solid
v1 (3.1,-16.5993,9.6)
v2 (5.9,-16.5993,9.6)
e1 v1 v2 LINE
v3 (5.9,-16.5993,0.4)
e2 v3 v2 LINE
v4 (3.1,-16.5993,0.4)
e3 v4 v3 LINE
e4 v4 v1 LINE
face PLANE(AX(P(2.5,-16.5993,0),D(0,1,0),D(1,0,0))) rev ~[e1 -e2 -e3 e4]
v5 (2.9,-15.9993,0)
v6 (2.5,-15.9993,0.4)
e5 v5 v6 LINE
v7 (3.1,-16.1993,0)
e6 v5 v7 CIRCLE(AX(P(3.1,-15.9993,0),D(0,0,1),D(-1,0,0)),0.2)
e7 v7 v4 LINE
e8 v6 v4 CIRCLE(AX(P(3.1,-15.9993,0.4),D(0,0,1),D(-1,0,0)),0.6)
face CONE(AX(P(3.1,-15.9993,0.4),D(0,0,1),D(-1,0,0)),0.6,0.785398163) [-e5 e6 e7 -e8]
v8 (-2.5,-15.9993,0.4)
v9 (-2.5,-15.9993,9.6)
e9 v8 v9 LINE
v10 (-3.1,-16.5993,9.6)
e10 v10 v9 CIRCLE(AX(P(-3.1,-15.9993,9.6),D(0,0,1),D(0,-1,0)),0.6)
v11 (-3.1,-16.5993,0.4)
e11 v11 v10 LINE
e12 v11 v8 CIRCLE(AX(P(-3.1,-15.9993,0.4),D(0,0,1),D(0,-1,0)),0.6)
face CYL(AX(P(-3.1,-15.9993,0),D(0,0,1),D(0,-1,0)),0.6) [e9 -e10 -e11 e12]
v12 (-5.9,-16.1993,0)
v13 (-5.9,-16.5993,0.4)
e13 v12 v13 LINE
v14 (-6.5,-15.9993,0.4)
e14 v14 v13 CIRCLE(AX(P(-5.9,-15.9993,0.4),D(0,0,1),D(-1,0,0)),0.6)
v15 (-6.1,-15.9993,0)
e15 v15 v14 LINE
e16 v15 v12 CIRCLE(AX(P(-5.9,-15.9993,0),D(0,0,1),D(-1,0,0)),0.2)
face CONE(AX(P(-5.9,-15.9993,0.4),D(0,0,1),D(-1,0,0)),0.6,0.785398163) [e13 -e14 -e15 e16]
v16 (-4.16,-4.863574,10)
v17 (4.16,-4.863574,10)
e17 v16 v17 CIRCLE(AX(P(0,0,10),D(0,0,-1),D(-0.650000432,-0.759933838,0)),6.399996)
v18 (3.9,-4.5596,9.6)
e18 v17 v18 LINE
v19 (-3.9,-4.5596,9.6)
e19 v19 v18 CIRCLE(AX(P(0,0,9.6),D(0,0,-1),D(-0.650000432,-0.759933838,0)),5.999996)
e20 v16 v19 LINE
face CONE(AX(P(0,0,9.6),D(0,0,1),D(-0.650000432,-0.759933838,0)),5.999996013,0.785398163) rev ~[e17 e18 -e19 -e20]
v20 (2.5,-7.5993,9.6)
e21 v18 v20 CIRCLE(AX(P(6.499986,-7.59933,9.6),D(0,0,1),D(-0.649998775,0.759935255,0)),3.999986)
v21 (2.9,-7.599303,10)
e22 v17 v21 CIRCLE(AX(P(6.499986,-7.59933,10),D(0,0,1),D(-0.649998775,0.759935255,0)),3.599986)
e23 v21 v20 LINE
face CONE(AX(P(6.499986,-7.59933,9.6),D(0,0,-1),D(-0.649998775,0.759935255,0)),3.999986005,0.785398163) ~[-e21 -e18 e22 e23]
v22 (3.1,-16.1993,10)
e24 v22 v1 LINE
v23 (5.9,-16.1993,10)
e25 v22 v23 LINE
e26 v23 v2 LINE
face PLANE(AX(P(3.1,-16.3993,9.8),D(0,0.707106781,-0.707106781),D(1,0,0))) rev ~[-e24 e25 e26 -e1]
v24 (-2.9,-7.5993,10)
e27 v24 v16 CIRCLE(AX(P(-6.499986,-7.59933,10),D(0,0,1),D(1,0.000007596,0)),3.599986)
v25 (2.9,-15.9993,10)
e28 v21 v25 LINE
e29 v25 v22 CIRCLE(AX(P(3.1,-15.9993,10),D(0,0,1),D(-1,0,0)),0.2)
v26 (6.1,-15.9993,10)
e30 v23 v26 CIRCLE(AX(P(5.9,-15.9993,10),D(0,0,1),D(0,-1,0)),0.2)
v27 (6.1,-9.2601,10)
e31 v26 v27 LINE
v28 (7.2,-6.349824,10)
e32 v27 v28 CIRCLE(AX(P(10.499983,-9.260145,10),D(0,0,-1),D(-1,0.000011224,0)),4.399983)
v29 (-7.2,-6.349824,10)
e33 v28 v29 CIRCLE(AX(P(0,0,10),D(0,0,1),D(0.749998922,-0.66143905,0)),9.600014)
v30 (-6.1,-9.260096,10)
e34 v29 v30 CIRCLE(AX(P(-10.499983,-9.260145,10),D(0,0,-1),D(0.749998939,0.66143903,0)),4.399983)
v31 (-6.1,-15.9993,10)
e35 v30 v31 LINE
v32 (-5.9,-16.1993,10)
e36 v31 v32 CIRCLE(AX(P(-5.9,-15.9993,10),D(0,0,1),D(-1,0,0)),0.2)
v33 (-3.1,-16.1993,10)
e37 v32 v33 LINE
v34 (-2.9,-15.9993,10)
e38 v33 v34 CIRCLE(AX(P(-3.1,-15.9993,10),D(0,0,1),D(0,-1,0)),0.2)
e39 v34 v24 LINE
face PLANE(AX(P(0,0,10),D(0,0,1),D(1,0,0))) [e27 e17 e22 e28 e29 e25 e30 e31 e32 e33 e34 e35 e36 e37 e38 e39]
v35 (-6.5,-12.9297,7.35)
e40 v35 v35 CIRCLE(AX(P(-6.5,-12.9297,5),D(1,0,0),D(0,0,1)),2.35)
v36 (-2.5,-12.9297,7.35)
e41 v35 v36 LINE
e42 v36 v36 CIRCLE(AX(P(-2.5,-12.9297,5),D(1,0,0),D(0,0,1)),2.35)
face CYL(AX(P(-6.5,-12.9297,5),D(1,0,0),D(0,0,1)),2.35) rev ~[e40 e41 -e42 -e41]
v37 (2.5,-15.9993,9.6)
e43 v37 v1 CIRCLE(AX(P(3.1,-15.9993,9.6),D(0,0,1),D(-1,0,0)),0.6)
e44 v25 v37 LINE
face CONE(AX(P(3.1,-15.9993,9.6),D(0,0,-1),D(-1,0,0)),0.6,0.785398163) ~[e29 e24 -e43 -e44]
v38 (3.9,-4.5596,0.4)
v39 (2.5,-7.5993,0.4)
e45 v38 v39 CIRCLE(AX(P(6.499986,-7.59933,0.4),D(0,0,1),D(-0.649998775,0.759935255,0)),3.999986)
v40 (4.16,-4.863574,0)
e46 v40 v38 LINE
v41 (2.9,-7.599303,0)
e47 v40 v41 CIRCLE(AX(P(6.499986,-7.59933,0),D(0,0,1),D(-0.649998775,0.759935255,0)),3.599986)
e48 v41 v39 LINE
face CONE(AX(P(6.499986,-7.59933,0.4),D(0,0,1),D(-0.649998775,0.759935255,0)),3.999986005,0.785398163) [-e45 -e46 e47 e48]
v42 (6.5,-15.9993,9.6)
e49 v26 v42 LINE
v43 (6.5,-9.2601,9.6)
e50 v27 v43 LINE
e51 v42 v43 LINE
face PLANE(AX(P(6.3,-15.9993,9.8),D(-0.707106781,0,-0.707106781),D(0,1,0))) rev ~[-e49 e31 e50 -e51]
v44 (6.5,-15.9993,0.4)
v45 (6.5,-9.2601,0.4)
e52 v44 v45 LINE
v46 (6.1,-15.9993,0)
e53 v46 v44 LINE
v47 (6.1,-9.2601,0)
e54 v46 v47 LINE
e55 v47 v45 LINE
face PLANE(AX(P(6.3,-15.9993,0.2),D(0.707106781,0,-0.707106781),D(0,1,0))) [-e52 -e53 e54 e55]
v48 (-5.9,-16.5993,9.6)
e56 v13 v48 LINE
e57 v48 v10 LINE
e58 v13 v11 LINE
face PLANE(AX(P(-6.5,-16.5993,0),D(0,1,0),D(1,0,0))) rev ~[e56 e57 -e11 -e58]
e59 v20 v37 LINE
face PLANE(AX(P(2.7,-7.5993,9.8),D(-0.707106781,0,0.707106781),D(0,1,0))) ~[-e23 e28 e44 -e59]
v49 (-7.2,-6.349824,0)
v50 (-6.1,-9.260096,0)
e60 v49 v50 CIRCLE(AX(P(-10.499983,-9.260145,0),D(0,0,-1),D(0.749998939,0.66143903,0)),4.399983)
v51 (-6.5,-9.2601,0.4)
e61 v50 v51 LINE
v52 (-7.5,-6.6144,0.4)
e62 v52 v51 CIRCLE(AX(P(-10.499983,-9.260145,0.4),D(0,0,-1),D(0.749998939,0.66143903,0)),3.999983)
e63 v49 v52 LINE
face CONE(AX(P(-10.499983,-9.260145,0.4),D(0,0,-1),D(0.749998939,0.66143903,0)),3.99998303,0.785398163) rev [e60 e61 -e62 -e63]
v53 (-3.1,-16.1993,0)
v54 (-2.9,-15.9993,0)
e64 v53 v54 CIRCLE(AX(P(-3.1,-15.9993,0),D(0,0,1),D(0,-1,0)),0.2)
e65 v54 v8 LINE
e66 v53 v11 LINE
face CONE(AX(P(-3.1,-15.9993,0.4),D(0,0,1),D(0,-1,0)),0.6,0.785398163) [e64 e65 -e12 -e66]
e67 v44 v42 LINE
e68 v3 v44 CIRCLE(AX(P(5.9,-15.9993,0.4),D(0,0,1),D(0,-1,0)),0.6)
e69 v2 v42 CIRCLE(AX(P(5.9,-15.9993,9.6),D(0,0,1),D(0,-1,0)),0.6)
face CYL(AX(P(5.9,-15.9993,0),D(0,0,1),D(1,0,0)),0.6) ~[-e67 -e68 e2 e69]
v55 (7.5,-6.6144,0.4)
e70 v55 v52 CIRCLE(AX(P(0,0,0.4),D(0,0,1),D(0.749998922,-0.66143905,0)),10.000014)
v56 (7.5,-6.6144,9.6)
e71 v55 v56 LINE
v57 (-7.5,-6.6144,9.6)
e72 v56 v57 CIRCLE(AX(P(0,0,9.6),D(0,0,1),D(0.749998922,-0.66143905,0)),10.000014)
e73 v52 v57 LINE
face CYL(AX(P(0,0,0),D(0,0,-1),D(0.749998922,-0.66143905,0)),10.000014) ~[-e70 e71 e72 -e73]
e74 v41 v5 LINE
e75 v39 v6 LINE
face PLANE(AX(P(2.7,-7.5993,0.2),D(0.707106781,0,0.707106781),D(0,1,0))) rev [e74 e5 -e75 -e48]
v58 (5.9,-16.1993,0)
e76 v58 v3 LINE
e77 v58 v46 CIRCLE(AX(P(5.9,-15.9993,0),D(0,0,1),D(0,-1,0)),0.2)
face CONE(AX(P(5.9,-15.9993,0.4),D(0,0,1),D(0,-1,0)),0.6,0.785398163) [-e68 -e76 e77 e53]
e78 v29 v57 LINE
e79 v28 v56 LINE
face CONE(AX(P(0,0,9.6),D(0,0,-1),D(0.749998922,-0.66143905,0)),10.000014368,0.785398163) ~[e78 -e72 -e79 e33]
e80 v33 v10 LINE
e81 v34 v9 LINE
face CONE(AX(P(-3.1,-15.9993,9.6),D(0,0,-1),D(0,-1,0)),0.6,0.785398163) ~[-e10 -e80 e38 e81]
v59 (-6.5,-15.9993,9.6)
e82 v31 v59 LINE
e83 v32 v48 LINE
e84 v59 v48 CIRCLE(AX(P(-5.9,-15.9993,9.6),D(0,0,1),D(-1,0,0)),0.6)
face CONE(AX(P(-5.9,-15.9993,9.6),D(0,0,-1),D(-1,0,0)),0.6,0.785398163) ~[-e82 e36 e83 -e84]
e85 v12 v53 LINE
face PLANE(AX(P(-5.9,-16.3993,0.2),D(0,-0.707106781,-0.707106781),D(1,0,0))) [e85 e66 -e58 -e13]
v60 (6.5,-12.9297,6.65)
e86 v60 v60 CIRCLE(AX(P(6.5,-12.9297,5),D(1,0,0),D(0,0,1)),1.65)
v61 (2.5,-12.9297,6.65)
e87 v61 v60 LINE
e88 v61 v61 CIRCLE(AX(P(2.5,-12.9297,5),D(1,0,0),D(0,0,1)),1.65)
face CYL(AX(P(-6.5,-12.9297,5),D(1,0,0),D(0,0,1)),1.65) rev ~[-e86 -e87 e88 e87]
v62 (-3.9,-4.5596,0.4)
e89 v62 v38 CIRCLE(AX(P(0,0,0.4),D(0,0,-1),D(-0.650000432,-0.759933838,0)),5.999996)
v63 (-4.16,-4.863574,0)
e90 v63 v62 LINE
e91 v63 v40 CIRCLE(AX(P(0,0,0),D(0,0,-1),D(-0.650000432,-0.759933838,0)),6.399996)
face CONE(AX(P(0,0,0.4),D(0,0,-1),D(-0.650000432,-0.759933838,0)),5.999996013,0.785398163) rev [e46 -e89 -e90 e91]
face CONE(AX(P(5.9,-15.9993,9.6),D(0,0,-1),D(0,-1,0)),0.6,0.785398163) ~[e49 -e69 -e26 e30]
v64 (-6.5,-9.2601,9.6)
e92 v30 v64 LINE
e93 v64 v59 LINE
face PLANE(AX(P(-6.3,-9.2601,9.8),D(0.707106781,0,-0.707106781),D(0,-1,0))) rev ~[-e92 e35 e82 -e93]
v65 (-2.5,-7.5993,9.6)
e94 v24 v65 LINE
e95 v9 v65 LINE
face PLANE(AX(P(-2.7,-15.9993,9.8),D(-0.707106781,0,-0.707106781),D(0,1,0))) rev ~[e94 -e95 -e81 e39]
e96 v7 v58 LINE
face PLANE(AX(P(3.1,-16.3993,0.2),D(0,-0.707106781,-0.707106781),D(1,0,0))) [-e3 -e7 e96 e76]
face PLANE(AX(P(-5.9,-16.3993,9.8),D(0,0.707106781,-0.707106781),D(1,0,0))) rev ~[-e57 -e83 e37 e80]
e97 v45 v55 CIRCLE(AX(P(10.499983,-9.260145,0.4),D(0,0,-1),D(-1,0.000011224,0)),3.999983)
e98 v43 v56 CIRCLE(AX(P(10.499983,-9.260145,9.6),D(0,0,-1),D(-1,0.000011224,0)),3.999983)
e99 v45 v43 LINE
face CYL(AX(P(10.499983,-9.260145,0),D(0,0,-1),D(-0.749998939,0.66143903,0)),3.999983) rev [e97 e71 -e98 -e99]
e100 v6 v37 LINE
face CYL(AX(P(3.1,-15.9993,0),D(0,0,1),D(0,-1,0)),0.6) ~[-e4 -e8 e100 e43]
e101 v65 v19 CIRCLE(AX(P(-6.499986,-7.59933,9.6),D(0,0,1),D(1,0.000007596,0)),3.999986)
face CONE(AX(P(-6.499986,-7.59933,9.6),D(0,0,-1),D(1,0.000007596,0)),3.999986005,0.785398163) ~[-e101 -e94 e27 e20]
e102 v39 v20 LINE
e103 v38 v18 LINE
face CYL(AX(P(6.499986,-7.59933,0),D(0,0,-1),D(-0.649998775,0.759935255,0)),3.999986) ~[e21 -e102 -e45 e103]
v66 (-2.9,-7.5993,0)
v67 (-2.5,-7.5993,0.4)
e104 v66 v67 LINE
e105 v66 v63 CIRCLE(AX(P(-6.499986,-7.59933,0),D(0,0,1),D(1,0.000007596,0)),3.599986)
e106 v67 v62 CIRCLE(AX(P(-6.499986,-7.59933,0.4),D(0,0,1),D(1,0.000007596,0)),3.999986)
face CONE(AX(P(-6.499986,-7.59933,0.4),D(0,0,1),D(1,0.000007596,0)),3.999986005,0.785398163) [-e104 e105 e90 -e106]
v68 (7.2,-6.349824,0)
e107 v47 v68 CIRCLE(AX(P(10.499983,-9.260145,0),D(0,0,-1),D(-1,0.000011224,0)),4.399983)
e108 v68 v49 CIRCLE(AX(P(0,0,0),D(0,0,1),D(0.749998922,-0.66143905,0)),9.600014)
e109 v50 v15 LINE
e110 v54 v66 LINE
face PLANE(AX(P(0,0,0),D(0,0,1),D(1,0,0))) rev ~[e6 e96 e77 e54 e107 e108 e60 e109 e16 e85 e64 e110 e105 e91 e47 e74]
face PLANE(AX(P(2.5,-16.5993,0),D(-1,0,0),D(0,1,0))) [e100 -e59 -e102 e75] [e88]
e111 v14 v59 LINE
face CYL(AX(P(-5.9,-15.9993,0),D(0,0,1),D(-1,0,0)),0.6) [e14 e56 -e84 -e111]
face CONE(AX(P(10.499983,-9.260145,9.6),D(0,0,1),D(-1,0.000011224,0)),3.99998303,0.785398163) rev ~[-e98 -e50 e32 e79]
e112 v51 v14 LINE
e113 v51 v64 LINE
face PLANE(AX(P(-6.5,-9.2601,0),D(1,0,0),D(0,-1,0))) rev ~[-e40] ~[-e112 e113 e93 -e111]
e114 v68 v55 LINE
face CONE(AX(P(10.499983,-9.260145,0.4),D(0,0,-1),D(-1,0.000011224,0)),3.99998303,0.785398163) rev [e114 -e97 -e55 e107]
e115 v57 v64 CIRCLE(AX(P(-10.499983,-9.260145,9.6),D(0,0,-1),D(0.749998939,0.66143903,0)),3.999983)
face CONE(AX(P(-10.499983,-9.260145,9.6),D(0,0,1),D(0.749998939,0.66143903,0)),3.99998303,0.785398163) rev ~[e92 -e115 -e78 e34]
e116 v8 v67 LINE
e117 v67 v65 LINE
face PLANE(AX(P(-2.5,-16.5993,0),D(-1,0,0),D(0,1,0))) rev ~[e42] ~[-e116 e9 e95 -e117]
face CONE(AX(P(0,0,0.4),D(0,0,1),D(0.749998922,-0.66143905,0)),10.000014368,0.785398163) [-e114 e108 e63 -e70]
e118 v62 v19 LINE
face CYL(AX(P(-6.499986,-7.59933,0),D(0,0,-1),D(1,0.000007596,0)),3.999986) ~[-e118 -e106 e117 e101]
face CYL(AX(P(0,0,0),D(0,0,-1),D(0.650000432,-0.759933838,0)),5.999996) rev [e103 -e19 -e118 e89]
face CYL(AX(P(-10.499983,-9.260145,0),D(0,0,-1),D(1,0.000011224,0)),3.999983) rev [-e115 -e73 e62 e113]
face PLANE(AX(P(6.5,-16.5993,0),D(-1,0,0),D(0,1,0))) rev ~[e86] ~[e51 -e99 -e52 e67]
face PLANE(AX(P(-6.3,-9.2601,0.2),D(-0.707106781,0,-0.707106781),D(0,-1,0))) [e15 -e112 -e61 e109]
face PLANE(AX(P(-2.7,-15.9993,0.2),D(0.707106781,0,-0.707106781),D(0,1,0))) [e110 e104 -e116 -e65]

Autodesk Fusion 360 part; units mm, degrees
sketch "air pipe clamp base" plane through (0, 0, 0) normal (0, 0, 1) x (1, 0, 0)
  line L0 (-6.5, -9.2601) -> (-6.5, -16.5993)
  line L1 (-6.5, -16.5993) -> (-2.5, -16.5993)
  line L2 (2.5, -16.5993) -> (6.5, -16.5993)
  line L3 (6.5, -16.5993) -> (6.5, -9.2601)
  line L4 (-2.5, -16.5993) -> (-2.5, -7.5993)
  line L5 (2.5, -16.5993) -> (2.5, -7.5993)
  arc A0 (7.5, -6.6144) -> (-7.5, -6.6144) centre (0, 0) ccw
  arc A1 (3.9, -4.5596) -> (-3.9, -4.5596) centre (0, 0) ccw
  line L6 (0, 0) -> (0, -19.8599) construction
  arc A2 (-2.5, -7.5993) -> (-3.9, -4.5596) centre (-6.5, -7.5993) ccw
  arc A3 (3.9, -4.5596) -> (2.5, -7.5993) centre (6.5, -7.5993) ccw
  arc A4 (-6.5, -9.2601) -> (-7.5, -6.6144) centre (-10.5, -9.2601) ccw
  arc A5 (7.5, -6.6144) -> (6.5, -9.2601) centre (10.5, -9.2601) ccw
  point P0 (-6.5, -7.5993)
  dimension "d1" = 12
  dimension "d3" = 4
  dimension "d4" = 5
  dimension "d5" = 4
  dimension "d6" = 4
  dimension "d7" = 9
  dimension "d8" = 4
extrude "Extrude1" add sketch "air pipe clamp base" along normal blind 10
sketch "screw holes" plane through (-6.5, 0, 0) normal (-1, 0, 0) x (0, 0, 1)
  line L0 (0, -9.2601) -> (0, -16.5993)
  line L1 (0, -16.5993) -> (10, -16.5993)
  line L2 (10, -16.5993) -> (10, -9.2601)
  line L3 (10, -9.2601) -> (0, -9.2601)
  line L4 (0, -9.2601) -> (10, -16.5993) construction
  line L5 (10, -9.2601) -> (0, -16.5993) construction
  point P0 (5, -12.9297)
hole "Hole1" at (-6.5, -12.9297, 5) direction (1, 0, 0) diameter 4.7 depth 5 tip angle 180
hole "Hole2" at (-6.5, -12.9297, 5) direction (1, 0, 0) diameter 3.3 depth 25 tip angle 180
fillet "Fillet1" radius 0.6 4 edges at (-6.5, -16.5993, 5) (-2.5, -16.5993, 5) (2.5, -16.5993, 5) (6.5, -16.5993, 5)
chamfer "Chamfer1" distance 0.4 angle 45 2 faces at (-3.8333, -10.9529, 10) (-3.8333, -10.9529, 0)
